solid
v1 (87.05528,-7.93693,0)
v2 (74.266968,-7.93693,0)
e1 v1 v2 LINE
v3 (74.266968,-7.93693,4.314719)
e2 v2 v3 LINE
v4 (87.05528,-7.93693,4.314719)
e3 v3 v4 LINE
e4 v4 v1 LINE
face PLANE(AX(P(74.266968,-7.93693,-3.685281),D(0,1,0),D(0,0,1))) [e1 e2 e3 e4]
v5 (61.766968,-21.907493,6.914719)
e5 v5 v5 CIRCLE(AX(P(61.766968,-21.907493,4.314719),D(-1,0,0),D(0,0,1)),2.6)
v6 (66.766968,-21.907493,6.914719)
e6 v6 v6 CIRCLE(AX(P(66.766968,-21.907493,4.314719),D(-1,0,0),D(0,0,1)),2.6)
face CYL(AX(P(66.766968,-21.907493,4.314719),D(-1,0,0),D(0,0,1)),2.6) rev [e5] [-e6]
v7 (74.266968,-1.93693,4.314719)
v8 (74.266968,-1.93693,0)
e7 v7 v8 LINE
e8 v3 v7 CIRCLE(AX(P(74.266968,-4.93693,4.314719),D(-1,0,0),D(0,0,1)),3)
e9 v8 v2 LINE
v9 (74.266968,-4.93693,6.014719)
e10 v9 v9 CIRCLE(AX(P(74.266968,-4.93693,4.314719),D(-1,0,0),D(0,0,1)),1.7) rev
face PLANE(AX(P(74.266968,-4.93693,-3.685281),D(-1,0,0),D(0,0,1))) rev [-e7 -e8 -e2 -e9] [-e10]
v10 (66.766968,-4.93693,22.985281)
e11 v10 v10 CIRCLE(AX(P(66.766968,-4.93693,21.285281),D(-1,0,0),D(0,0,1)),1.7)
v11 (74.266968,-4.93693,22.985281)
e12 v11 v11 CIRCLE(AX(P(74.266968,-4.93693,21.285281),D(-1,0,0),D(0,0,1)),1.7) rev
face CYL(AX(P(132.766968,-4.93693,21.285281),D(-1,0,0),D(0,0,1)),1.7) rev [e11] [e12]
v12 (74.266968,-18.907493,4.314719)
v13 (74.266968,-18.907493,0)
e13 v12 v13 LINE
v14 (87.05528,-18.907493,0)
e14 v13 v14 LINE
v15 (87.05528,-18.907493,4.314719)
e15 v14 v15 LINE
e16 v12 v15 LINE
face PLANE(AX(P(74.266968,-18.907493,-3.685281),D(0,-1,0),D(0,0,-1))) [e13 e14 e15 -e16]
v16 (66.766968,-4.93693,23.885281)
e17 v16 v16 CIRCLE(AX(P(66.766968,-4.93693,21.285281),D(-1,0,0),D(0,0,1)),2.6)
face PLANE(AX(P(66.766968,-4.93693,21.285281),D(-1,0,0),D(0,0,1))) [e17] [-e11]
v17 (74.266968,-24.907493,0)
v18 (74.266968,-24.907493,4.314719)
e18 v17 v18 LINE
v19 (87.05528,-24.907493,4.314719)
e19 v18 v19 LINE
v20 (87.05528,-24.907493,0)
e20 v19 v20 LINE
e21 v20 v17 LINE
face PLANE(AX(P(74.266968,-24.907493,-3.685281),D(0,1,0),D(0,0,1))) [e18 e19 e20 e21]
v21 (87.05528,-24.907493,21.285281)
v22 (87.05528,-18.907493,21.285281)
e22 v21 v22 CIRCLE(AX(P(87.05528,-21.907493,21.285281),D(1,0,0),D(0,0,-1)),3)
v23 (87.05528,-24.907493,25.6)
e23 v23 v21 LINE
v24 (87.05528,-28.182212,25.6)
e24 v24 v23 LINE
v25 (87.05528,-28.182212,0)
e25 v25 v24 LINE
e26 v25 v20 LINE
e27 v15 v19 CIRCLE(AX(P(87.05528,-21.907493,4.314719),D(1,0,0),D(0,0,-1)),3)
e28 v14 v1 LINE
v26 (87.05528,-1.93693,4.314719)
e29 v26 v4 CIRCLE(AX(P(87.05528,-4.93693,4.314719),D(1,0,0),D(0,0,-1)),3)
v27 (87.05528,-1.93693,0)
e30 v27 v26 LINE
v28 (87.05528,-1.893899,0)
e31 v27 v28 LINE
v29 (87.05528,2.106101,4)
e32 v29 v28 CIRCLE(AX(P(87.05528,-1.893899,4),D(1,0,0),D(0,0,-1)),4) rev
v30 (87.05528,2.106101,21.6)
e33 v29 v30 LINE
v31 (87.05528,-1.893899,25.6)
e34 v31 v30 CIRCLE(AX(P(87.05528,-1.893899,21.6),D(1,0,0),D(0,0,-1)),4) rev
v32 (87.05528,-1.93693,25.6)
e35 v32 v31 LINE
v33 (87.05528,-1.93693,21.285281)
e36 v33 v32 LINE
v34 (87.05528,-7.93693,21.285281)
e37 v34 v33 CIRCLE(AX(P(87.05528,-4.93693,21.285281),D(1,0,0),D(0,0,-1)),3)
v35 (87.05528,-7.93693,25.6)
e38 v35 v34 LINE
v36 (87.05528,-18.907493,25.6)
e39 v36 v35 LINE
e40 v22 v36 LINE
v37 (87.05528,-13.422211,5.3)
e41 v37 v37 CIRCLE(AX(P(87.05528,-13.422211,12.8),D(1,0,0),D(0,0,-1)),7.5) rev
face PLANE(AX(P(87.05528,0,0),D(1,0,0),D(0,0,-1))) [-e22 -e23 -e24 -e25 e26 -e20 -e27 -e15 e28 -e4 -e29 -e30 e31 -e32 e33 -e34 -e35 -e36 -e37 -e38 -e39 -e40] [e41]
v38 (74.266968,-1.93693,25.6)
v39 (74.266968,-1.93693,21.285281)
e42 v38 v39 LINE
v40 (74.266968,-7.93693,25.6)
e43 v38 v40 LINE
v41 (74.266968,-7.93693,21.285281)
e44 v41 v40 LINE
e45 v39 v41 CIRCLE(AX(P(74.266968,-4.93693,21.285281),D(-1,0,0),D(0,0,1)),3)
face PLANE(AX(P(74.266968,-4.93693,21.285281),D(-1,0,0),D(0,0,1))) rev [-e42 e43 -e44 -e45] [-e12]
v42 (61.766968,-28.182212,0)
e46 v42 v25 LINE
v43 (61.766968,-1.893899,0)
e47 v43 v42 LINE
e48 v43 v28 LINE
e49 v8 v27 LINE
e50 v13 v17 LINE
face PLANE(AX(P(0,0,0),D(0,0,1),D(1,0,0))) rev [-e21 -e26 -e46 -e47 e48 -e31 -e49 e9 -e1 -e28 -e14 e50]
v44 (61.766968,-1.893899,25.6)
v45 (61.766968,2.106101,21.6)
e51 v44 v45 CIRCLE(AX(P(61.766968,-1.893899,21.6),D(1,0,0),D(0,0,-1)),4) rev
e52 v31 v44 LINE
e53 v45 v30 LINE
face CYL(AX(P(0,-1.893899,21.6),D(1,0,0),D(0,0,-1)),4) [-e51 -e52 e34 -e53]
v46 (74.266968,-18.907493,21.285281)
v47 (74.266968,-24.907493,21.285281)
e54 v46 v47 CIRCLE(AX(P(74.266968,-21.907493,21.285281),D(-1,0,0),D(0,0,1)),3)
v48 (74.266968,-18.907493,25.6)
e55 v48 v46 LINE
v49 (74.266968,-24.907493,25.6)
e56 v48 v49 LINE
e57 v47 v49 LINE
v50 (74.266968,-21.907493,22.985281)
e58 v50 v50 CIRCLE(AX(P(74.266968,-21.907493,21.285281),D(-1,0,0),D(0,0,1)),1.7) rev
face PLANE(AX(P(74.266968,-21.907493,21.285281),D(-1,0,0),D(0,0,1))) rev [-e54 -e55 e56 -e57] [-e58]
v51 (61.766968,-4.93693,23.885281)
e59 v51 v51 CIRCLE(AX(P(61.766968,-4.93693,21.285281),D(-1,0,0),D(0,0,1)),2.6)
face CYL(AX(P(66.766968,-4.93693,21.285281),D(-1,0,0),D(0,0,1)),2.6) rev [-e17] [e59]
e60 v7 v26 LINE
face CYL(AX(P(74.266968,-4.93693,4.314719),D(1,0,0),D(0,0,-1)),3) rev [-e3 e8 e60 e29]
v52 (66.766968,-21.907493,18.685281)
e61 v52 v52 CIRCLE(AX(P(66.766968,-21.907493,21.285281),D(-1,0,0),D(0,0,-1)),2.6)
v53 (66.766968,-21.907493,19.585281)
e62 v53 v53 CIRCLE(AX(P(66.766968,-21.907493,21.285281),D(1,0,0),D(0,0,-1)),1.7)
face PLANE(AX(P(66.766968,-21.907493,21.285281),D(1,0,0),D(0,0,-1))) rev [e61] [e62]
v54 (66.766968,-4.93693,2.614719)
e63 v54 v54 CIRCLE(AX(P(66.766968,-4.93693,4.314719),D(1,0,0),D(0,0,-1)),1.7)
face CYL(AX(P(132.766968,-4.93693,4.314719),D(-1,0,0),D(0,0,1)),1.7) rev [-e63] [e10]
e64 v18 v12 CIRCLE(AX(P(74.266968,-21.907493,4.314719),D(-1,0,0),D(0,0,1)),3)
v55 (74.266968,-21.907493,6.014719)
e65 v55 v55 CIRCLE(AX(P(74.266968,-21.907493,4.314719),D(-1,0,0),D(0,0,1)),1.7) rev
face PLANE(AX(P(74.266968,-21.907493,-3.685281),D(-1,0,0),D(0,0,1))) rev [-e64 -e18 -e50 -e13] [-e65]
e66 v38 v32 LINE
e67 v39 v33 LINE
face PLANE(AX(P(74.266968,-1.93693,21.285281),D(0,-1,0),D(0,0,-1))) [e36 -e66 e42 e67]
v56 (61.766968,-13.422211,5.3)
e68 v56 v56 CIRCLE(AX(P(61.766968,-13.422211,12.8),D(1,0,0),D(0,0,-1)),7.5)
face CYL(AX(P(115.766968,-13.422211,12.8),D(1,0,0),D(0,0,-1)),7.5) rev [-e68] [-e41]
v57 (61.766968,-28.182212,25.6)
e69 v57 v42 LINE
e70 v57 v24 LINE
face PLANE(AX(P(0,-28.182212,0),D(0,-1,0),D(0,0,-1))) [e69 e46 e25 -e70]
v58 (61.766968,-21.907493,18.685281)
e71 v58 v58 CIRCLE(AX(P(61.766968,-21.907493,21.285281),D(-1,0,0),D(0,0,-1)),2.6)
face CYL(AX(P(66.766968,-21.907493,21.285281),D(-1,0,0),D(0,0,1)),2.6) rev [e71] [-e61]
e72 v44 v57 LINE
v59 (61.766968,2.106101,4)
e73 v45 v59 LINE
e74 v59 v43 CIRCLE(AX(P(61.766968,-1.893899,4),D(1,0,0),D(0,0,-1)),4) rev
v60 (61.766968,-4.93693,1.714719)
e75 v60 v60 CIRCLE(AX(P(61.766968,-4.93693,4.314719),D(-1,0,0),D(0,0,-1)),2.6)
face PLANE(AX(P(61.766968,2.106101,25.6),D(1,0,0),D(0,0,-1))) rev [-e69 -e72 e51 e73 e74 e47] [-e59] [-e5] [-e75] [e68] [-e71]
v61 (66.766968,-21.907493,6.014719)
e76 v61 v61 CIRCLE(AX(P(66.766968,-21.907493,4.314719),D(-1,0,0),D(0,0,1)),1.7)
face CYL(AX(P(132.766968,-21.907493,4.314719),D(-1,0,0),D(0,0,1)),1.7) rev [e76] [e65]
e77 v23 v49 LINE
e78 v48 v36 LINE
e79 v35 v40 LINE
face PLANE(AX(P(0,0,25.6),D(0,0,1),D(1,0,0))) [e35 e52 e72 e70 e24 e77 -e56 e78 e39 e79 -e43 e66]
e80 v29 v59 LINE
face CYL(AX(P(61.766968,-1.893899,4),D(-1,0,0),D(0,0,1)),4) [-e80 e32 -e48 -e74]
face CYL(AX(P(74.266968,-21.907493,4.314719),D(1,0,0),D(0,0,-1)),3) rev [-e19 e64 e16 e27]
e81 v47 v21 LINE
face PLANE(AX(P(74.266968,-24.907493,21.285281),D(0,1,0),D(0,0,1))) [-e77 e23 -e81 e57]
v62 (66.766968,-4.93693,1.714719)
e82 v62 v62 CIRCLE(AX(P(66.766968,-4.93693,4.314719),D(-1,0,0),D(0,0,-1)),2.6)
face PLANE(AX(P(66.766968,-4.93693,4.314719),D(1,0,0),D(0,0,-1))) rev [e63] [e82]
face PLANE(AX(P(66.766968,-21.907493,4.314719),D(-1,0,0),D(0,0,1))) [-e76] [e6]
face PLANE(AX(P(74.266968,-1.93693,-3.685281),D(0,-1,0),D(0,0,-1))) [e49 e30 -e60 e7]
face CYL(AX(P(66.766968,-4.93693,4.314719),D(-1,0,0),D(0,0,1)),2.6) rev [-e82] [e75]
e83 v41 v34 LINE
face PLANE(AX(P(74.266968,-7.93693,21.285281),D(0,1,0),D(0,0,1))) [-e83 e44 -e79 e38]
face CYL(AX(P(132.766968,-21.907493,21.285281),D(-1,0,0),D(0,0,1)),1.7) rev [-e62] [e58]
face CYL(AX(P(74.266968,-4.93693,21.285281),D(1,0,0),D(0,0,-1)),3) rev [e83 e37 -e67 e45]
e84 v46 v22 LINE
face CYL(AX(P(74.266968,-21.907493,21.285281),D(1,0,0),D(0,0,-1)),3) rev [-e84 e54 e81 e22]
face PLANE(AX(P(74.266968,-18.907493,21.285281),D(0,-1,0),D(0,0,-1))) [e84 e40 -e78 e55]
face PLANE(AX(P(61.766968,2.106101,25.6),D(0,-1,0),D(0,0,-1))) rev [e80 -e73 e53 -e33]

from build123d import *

# Parameters (mm, degrees)
ESQUISSE1_W                  = 59
ESQUISSE1_H                  = 140
ESQUISSE1_R                  = 4
BOSS_EXTRU_1_DEPTH           = 25.6
ESQUISSE2_R                  = 7.5
ESQUISSE2_R_2                = 2.6
ENL_V_MAT_EXTRU_1_DEPTH      = 5
ESQUISSE3_R                  = 7.5
ENL_V_MAT_EXTRU_2_DEPTH      = 82
ESQUISSE4_R                  = 2.6
ENL_V_MAT_EXTRU_3_DEPTH      = 5
CONG_1_R                     = 4
ESQUISSE5_R                  = 1.7
ENL_V_MAT_EXTRU_4_DEPTH      = 71
ENL_V_MAT_EXTRU_5_DEPTH      = 17
ENL_V_MAT_EXTRU_5_DEPTH_BACK = 17
ESQUISSE7_W                  = 129.758897747
ESQUISSE7_H                  = 47.788995409
ENL_V_MAT_EXTRU_6_DEPTH      = 109.711687575
ESQUISSE8_W                  = 39.97313833
ESQUISSE8_H                  = 58.643042411
ENL_V_MAT_EXTRU_7_DEPTH      = 33.711687575


with BuildPart() as part:
    # Esquisse1 → Boss.-Extru.1 (new body)
    with BuildSketch(Plane.XY):
        with Locations((91.26696752, -67.893899255)):
            Rectangle(ESQUISSE1_W, ESQUISSE1_H)
        with Locations((115.36696752, -108.722960996)):
            Circle(ESQUISSE1_R, mode=Mode.SUBTRACT)
        with Locations((115.36696752, -26.122960996)):
            Circle(ESQUISSE1_R, mode=Mode.SUBTRACT)
        with Locations((74.86696752, -56.866619083)):
            Circle(ESQUISSE1_R, mode=Mode.SUBTRACT)
        with Locations((67.16696752, -107.582960996)):
            Circle(ESQUISSE1_R, mode=Mode.SUBTRACT)
        with Locations((67.16696752, -32.342960996)):
            Circle(ESQUISSE1_R, mode=Mode.SUBTRACT)
    extrude(amount=BOSS_EXTRU_1_DEPTH)

    # Esquisse2 → Enlèv. mat.-Extru.1 (cut)
    with BuildSketch(Plane(origin=(120.76696752, 0, 0), x_dir=(0, 0, -1), z_dir=(1, 0, 0))):
        with Locations((-12.8, -95.02835166)):
            Circle(ESQUISSE2_R)
        with Locations((-21.285281374, -103.629375049)):
            Circle(ESQUISSE2_R_2)
        with Locations((-4.314718626, -103.629375049)):
            Circle(ESQUISSE2_R_2)
        with Locations((-4.314718626, -86.427328272)):
            Circle(ESQUISSE2_R_2)
        with Locations((-21.285281374, -86.427328272)):
            Circle(ESQUISSE2_R_2)
        with Locations((-21.285281374, -133.513633034)):
            Circle(ESQUISSE2_R_2)
        with Locations((-12.8, -125.02835166)):
            Circle(ESQUISSE2_R)
        with Locations((-4.314718626, -133.513633034)):
            Circle(ESQUISSE2_R_2)
        with Locations((-4.314718626, -69.225281495)):
            Circle(ESQUISSE2_R_2)
        with Locations((-21.285281374, -69.225281495)):
            Circle(ESQUISSE2_R_2)
        with Locations((-12.8, -77.826304883)):
            Circle(ESQUISSE2_R)
        with Locations((-4.314718626, -52.023234718)):
            Circle(ESQUISSE2_R_2)
        with Locations((-21.285281374, -52.023234718)):
            Circle(ESQUISSE2_R_2)
        with Locations((-12.8, -60.624258106)):
            Circle(ESQUISSE2_R)
        with Locations((-4.314718626, -34.821187941)):
            Circle(ESQUISSE2_R_2)
        with Locations((-21.285281374, -34.821187941)):
            Circle(ESQUISSE2_R_2)
        with Locations((-12.8, -43.422211329)):
            Circle(ESQUISSE2_R)
        with Locations((-12.8, -13.422211329)):
            Circle(ESQUISSE2_R)
        with Locations((-21.285281374, -4.936929955)):
            Circle(ESQUISSE2_R_2)
        with Locations((-4.314718626, -4.936929955)):
            Circle(ESQUISSE2_R_2)
        with Locations((-4.314718626, -116.543070286)):
            Circle(ESQUISSE2_R_2)
        with Locations((-21.285281374, -116.543070286)):
            Circle(ESQUISSE2_R_2)
        with Locations((-4.314718626, -21.907492704)):
            Circle(ESQUISSE2_R_2)
        with Locations((-21.285281374, -21.907492704)):
            Circle(ESQUISSE2_R_2)
    extrude(amount=-ENL_V_MAT_EXTRU_1_DEPTH, mode=Mode.SUBTRACT)

    # Esquisse3 → Enlèv. mat.-Extru.2 (cut)
    with BuildSketch(Plane(origin=(120.76696752, 0, 0), x_dir=(0, 0, -1), z_dir=(1, 0, 0))):
        with Locations((-12.8, -125.02835166)):
            Circle(ESQUISSE3_R)
        with Locations((-12.8, -95.02835166)):
            Circle(ESQUISSE3_R)
        with Locations((-12.8, -77.826304883)):
            Circle(ESQUISSE3_R)
        with Locations((-12.8, -60.624258106)):
            Circle(ESQUISSE3_R)
        with Locations((-12.8, -43.422211329)):
            Circle(ESQUISSE3_R)
        with Locations((-12.8, -13.422211329)):
            Circle(ESQUISSE3_R)
    extrude(amount=-ENL_V_MAT_EXTRU_2_DEPTH, mode=Mode.SUBTRACT)

    # Esquisse4 → Enlèv. mat.-Extru.3 (cut)
    with BuildSketch(Plane.ZY.offset(-61.76696752)):
        with Locations((21.285281374, -4.936929955)):
            Circle(ESQUISSE4_R)
        with Locations((4.314718626, -4.936929955)):
            Circle(ESQUISSE4_R)
        with Locations((21.285281374, -34.936929955)):
            Circle(ESQUISSE4_R)
        with Locations((4.314718626, -34.936929955)):
            Circle(ESQUISSE4_R)
        with Locations((4.314718626, -51.907492704)):
            Circle(ESQUISSE4_R)
        with Locations((21.285281374, -51.907492704)):
            Circle(ESQUISSE4_R)
        with Locations((4.314718626, -69.341023509)):
            Circle(ESQUISSE4_R)
        with Locations((21.285281374, -69.341023509)):
            Circle(ESQUISSE4_R)
        with Locations((4.314718626, -86.311586257)):
            Circle(ESQUISSE4_R)
        with Locations((21.285281374, -86.311586257)):
            Circle(ESQUISSE4_R)
        with Locations((4.314718626, -103.745117063)):
            Circle(ESQUISSE4_R)
        with Locations((21.285281374, -103.745117063)):
            Circle(ESQUISSE4_R)
        with Locations((4.314718626, -133.513633034)):
            Circle(ESQUISSE4_R)
        with Locations((21.285281374, -133.513633034)):
            Circle(ESQUISSE4_R)
        with Locations((4.314718626, -21.907492704)):
            Circle(ESQUISSE4_R)
        with Locations((21.285281374, -21.907492704)):
            Circle(ESQUISSE4_R)
        with Locations((4.314718626, -116.543070286)):
            Circle(ESQUISSE4_R)
        with Locations((21.285281374, -116.543070286)):
            Circle(ESQUISSE4_R)
    extrude(amount=-ENL_V_MAT_EXTRU_3_DEPTH, mode=Mode.SUBTRACT)

    # Congé1
    cong_1_edges = [part.edges().sort_by_distance(p)[0] for p in [
        (91.26696752, 2.106100745, 25.6),
        (91.26696752, 2.106100745, 0),
        (91.26696752, -137.893899255, 0),
        (91.26696752, -137.893899255, 25.6),
    ]]
    fillet(cong_1_edges, radius=CONG_1_R)

    # Esquisse5 → Enlèv. mat.-Extru.4 (cut)
    with BuildSketch(Plane.ZY.offset(-61.76696752)):
        with Locations((21.285281374, -4.936929955)):
            Circle(ESQUISSE5_R)
        with Locations((21.285281374, -21.907492704)):
            Circle(ESQUISSE5_R)
        with Locations((21.285281374, -34.936929955)):
            Circle(ESQUISSE5_R)
        with Locations((21.285281374, -51.907492704)):
            Circle(ESQUISSE5_R)
        with Locations((21.285281374, -69.341023509)):
            Circle(ESQUISSE5_R)
        with Locations((21.285281374, -86.311586257)):
            Circle(ESQUISSE5_R)
        with Locations((21.285281374, -103.745117063)):
            Circle(ESQUISSE5_R)
        with Locations((21.285281374, -116.543070286)):
            Circle(ESQUISSE5_R)
        with Locations((21.285281374, -133.513633034)):
            Circle(ESQUISSE5_R)
        with Locations((4.314718626, -4.936929955)):
            Circle(ESQUISSE5_R)
        with Locations((4.314718626, -21.907492704)):
            Circle(ESQUISSE5_R)
        with Locations((4.314718626, -34.936929955)):
            Circle(ESQUISSE5_R)
        with Locations((4.314718626, -51.907492704)):
            Circle(ESQUISSE5_R)
        with Locations((4.314718626, -69.341023509)):
            Circle(ESQUISSE5_R)
        with Locations((4.314718626, -86.311586257)):
            Circle(ESQUISSE5_R)
        with Locations((4.314718626, -103.745117063)):
            Circle(ESQUISSE5_R)
        with Locations((4.314718626, -116.543070286)):
            Circle(ESQUISSE5_R)
        with Locations((4.314718626, -133.513633034)):
            Circle(ESQUISSE5_R)
    extrude(amount=-ENL_V_MAT_EXTRU_4_DEPTH, mode=Mode.SUBTRACT)

    # Esquisse6 → Enlèv. mat.-Extru.5 (cut, two sides)
    with BuildSketch(Plane.ZY.offset(-91.26696752)) as enl_v_mat_extru_5_sk:
        with BuildLine():
            Line((21.285281374, -1.936929955), (29.285281374, -1.936929955))
            ThreePointArc((29.285281374, -1.936929955), (32.285281374, -4.936929955), (29.285281374, -7.936929955))
            Line((29.285281374, -7.936929955), (21.285281374, -7.936929955))
            ThreePointArc((21.285281374, -7.936929955), (18.285281374, -4.936929955), (21.285281374, -1.936929955))
        make_face()
        with BuildLine():
            Line((21.285281374, -18.907492704), (29.285281374, -18.907492704))
            ThreePointArc((29.285281374, -18.907492704), (32.285281374, -21.907492704), (29.285281374, -24.907492704))
            Line((29.285281374, -24.907492704), (21.285281374, -24.907492704))
            ThreePointArc((21.285281374, -24.907492704), (18.285281374, -21.907492704), (21.285281374, -18.907492704))
        make_face()
        with BuildLine():
            Line((21.285281374, -31.936929955), (29.285281374, -31.936929955))
            ThreePointArc((29.285281374, -31.936929955), (32.285281374, -34.936929955), (29.285281374, -37.936929955))
            Line((29.285281374, -37.936929955), (21.285281374, -37.936929955))
            ThreePointArc((21.285281374, -37.936929955), (18.285281374, -34.936929955), (21.285281374, -31.936929955))
        make_face()
        with BuildLine():
            Line((21.285281374, -48.907492704), (29.285281374, -48.907492704))
            ThreePointArc((29.285281374, -48.907492704), (32.285281374, -51.907492704), (29.285281374, -54.907492704))
            Line((29.285281374, -54.907492704), (21.285281374, -54.907492704))
            ThreePointArc((21.285281374, -54.907492704), (18.285281374, -51.907492704), (21.285281374, -48.907492704))
        make_face()
        with BuildLine():
            Line((21.285281374, -66.341023509), (29.285281374, -66.341023509))
            ThreePointArc((29.285281374, -66.341023509), (32.285281374, -69.341023509), (29.285281374, -72.341023509))
            Line((29.285281374, -72.341023509), (21.285281374, -72.341023509))
            ThreePointArc((21.285281374, -72.341023509), (18.285281374, -69.341023509), (21.285281374, -66.341023509))
        make_face()
        with BuildLine():
            Line((21.285281374, -83.311586257), (29.285281374, -83.311586257))
            ThreePointArc((29.285281374, -83.311586257), (32.285281374, -86.311586257), (29.285281374, -89.311586257))
            Line((29.285281374, -89.311586257), (21.285281374, -89.311586257))
            ThreePointArc((21.285281374, -89.311586257), (18.285281374, -86.311586257), (21.285281374, -83.311586257))
        make_face()
        with BuildLine():
            Line((21.285281374, -100.745117063), (29.285281374, -100.745117063))
            ThreePointArc((29.285281374, -100.745117063), (32.285281374, -103.745117063), (29.285281374, -106.745117063))
            Line((29.285281374, -106.745117063), (21.285281374, -106.745117063))
            ThreePointArc((21.285281374, -106.745117063), (18.285281374, -103.745117063), (21.285281374, -100.745117063))
        make_face()
        with BuildLine():
            Line((21.285281374, -113.543070286), (29.285281374, -113.543070286))
            ThreePointArc((29.285281374, -113.543070286), (32.285281374, -116.543070286), (29.285281374, -119.543070286))
            Line((29.285281374, -119.543070286), (21.285281374, -119.543070286))
            ThreePointArc((21.285281374, -119.543070286), (18.285281374, -116.543070286), (21.285281374, -113.543070286))
        make_face()
        with BuildLine():
            Line((21.285281374, -130.513633034), (29.285281374, -130.513633034))
            ThreePointArc((29.285281374, -130.513633034), (32.285281374, -133.513633034), (29.285281374, -136.513633034))
            Line((29.285281374, -136.513633034), (21.285281374, -136.513633034))
            ThreePointArc((21.285281374, -136.513633034), (18.285281374, -133.513633034), (21.285281374, -130.513633034))
        make_face()
        with BuildLine():
            Line((-3.685281374, -1.936929955), (4.314718626, -1.936929955))
            ThreePointArc((4.314718626, -1.936929955), (7.314718626, -4.936929955), (4.314718626, -7.936929955))
            Line((4.314718626, -7.936929955), (-3.685281374, -7.936929955))
            ThreePointArc((-3.685281374, -7.936929955), (-6.685281374, -4.936929955), (-3.685281374, -1.936929955))
        make_face()
        with BuildLine():
            Line((-3.685281374, -18.907492704), (4.314718626, -18.907492704))
            ThreePointArc((4.314718626, -18.907492704), (7.314718626, -21.907492704), (4.314718626, -24.907492704))
            Line((4.314718626, -24.907492704), (-3.685281374, -24.907492704))
            ThreePointArc((-3.685281374, -24.907492704), (-6.685281374, -21.907492704), (-3.685281374, -18.907492704))
        make_face()
        with BuildLine():
            Line((-3.685281374, -31.936929955), (4.314718626, -31.936929955))
            ThreePointArc((4.314718626, -31.936929955), (7.314718626, -34.936929955), (4.314718626, -37.936929955))
            Line((4.314718626, -37.936929955), (-3.685281374, -37.936929955))
            ThreePointArc((-3.685281374, -37.936929955), (-6.685281374, -34.936929955), (-3.685281374, -31.936929955))
        make_face()
        with BuildLine():
            Line((-3.685281374, -48.907492704), (4.314718626, -48.907492704))
            ThreePointArc((4.314718626, -48.907492704), (7.314718626, -51.907492704), (4.314718626, -54.907492704))
            Line((4.314718626, -54.907492704), (-3.685281374, -54.907492704))
            ThreePointArc((-3.685281374, -54.907492704), (-6.685281374, -51.907492704), (-3.685281374, -48.907492704))
        make_face()
        with BuildLine():
            Line((-3.685281374, -66.341023509), (4.314718626, -66.341023509))
            ThreePointArc((4.314718626, -66.341023509), (7.314718626, -69.341023509), (4.314718626, -72.341023509))
            Line((4.314718626, -72.341023509), (-3.685281374, -72.341023509))
            ThreePointArc((-3.685281374, -72.341023509), (-6.685281374, -69.341023509), (-3.685281374, -66.341023509))
        make_face()
        with BuildLine():
            Line((-3.685281374, -83.311586257), (4.314718626, -83.311586257))
            ThreePointArc((4.314718626, -83.311586257), (7.314718626, -86.311586257), (4.314718626, -89.311586257))
            Line((4.314718626, -89.311586257), (-3.685281374, -89.311586257))
            ThreePointArc((-3.685281374, -89.311586257), (-6.685281374, -86.311586257), (-3.685281374, -83.311586257))
        make_face()
        with BuildLine():
            Line((-3.685281374, -100.745117063), (4.314718626, -100.745117063))
            ThreePointArc((4.314718626, -100.745117063), (7.314718626, -103.745117063), (4.314718626, -106.745117063))
            Line((4.314718626, -106.745117063), (-3.685281374, -106.745117063))
            ThreePointArc((-3.685281374, -106.745117063), (-6.685281374, -103.745117063), (-3.685281374, -100.745117063))
        make_face()
        with BuildLine():
            Line((-3.685281374, -113.543070286), (4.314718626, -113.543070286))
            ThreePointArc((4.314718626, -113.543070286), (7.314718626, -116.543070286), (4.314718626, -119.543070286))
            Line((4.314718626, -119.543070286), (-3.685281374, -119.543070286))
            ThreePointArc((-3.685281374, -119.543070286), (-6.685281374, -116.543070286), (-3.685281374, -113.543070286))
        make_face()
        with BuildLine():
            Line((-3.685281374, -130.513633034), (4.314718626, -130.513633034))
            ThreePointArc((4.314718626, -130.513633034), (7.314718626, -133.513633034), (4.314718626, -136.513633034))
            Line((4.314718626, -136.513633034), (-3.685281374, -136.513633034))
            ThreePointArc((-3.685281374, -136.513633034), (-6.685281374, -133.513633034), (-3.685281374, -130.513633034))
        make_face()
    extrude(amount=ENL_V_MAT_EXTRU_5_DEPTH, mode=Mode.SUBTRACT)
    extrude(enl_v_mat_extru_5_sk.sketch, amount=-ENL_V_MAT_EXTRU_5_DEPTH_BACK, mode=Mode.SUBTRACT)

    # Esquisse7 → Enlèv. mat.-Extru.6 (cut)
    with BuildSketch(Plane.XZ.offset(137.893899255)):
        with Locations((94.762580062, 12.839847571)):
            Rectangle(ESQUISSE7_W, ESQUISSE7_H)
    extrude(amount=-ENL_V_MAT_EXTRU_6_DEPTH, mode=Mode.SUBTRACT)

    # Esquisse8 → Enlèv. mat.-Extru.7 (cut)
    with BuildSketch(Plane(origin=(120.76696752, 0, 0), x_dir=(0, 0, -1), z_dir=(1, 0, 0))):
        with Locations((-12.8, -13.422211329)):
            Rectangle(ESQUISSE8_W, ESQUISSE8_H)
    extrude(amount=-ENL_V_MAT_EXTRU_7_DEPTH, mode=Mode.SUBTRACT)


solid = part.part
